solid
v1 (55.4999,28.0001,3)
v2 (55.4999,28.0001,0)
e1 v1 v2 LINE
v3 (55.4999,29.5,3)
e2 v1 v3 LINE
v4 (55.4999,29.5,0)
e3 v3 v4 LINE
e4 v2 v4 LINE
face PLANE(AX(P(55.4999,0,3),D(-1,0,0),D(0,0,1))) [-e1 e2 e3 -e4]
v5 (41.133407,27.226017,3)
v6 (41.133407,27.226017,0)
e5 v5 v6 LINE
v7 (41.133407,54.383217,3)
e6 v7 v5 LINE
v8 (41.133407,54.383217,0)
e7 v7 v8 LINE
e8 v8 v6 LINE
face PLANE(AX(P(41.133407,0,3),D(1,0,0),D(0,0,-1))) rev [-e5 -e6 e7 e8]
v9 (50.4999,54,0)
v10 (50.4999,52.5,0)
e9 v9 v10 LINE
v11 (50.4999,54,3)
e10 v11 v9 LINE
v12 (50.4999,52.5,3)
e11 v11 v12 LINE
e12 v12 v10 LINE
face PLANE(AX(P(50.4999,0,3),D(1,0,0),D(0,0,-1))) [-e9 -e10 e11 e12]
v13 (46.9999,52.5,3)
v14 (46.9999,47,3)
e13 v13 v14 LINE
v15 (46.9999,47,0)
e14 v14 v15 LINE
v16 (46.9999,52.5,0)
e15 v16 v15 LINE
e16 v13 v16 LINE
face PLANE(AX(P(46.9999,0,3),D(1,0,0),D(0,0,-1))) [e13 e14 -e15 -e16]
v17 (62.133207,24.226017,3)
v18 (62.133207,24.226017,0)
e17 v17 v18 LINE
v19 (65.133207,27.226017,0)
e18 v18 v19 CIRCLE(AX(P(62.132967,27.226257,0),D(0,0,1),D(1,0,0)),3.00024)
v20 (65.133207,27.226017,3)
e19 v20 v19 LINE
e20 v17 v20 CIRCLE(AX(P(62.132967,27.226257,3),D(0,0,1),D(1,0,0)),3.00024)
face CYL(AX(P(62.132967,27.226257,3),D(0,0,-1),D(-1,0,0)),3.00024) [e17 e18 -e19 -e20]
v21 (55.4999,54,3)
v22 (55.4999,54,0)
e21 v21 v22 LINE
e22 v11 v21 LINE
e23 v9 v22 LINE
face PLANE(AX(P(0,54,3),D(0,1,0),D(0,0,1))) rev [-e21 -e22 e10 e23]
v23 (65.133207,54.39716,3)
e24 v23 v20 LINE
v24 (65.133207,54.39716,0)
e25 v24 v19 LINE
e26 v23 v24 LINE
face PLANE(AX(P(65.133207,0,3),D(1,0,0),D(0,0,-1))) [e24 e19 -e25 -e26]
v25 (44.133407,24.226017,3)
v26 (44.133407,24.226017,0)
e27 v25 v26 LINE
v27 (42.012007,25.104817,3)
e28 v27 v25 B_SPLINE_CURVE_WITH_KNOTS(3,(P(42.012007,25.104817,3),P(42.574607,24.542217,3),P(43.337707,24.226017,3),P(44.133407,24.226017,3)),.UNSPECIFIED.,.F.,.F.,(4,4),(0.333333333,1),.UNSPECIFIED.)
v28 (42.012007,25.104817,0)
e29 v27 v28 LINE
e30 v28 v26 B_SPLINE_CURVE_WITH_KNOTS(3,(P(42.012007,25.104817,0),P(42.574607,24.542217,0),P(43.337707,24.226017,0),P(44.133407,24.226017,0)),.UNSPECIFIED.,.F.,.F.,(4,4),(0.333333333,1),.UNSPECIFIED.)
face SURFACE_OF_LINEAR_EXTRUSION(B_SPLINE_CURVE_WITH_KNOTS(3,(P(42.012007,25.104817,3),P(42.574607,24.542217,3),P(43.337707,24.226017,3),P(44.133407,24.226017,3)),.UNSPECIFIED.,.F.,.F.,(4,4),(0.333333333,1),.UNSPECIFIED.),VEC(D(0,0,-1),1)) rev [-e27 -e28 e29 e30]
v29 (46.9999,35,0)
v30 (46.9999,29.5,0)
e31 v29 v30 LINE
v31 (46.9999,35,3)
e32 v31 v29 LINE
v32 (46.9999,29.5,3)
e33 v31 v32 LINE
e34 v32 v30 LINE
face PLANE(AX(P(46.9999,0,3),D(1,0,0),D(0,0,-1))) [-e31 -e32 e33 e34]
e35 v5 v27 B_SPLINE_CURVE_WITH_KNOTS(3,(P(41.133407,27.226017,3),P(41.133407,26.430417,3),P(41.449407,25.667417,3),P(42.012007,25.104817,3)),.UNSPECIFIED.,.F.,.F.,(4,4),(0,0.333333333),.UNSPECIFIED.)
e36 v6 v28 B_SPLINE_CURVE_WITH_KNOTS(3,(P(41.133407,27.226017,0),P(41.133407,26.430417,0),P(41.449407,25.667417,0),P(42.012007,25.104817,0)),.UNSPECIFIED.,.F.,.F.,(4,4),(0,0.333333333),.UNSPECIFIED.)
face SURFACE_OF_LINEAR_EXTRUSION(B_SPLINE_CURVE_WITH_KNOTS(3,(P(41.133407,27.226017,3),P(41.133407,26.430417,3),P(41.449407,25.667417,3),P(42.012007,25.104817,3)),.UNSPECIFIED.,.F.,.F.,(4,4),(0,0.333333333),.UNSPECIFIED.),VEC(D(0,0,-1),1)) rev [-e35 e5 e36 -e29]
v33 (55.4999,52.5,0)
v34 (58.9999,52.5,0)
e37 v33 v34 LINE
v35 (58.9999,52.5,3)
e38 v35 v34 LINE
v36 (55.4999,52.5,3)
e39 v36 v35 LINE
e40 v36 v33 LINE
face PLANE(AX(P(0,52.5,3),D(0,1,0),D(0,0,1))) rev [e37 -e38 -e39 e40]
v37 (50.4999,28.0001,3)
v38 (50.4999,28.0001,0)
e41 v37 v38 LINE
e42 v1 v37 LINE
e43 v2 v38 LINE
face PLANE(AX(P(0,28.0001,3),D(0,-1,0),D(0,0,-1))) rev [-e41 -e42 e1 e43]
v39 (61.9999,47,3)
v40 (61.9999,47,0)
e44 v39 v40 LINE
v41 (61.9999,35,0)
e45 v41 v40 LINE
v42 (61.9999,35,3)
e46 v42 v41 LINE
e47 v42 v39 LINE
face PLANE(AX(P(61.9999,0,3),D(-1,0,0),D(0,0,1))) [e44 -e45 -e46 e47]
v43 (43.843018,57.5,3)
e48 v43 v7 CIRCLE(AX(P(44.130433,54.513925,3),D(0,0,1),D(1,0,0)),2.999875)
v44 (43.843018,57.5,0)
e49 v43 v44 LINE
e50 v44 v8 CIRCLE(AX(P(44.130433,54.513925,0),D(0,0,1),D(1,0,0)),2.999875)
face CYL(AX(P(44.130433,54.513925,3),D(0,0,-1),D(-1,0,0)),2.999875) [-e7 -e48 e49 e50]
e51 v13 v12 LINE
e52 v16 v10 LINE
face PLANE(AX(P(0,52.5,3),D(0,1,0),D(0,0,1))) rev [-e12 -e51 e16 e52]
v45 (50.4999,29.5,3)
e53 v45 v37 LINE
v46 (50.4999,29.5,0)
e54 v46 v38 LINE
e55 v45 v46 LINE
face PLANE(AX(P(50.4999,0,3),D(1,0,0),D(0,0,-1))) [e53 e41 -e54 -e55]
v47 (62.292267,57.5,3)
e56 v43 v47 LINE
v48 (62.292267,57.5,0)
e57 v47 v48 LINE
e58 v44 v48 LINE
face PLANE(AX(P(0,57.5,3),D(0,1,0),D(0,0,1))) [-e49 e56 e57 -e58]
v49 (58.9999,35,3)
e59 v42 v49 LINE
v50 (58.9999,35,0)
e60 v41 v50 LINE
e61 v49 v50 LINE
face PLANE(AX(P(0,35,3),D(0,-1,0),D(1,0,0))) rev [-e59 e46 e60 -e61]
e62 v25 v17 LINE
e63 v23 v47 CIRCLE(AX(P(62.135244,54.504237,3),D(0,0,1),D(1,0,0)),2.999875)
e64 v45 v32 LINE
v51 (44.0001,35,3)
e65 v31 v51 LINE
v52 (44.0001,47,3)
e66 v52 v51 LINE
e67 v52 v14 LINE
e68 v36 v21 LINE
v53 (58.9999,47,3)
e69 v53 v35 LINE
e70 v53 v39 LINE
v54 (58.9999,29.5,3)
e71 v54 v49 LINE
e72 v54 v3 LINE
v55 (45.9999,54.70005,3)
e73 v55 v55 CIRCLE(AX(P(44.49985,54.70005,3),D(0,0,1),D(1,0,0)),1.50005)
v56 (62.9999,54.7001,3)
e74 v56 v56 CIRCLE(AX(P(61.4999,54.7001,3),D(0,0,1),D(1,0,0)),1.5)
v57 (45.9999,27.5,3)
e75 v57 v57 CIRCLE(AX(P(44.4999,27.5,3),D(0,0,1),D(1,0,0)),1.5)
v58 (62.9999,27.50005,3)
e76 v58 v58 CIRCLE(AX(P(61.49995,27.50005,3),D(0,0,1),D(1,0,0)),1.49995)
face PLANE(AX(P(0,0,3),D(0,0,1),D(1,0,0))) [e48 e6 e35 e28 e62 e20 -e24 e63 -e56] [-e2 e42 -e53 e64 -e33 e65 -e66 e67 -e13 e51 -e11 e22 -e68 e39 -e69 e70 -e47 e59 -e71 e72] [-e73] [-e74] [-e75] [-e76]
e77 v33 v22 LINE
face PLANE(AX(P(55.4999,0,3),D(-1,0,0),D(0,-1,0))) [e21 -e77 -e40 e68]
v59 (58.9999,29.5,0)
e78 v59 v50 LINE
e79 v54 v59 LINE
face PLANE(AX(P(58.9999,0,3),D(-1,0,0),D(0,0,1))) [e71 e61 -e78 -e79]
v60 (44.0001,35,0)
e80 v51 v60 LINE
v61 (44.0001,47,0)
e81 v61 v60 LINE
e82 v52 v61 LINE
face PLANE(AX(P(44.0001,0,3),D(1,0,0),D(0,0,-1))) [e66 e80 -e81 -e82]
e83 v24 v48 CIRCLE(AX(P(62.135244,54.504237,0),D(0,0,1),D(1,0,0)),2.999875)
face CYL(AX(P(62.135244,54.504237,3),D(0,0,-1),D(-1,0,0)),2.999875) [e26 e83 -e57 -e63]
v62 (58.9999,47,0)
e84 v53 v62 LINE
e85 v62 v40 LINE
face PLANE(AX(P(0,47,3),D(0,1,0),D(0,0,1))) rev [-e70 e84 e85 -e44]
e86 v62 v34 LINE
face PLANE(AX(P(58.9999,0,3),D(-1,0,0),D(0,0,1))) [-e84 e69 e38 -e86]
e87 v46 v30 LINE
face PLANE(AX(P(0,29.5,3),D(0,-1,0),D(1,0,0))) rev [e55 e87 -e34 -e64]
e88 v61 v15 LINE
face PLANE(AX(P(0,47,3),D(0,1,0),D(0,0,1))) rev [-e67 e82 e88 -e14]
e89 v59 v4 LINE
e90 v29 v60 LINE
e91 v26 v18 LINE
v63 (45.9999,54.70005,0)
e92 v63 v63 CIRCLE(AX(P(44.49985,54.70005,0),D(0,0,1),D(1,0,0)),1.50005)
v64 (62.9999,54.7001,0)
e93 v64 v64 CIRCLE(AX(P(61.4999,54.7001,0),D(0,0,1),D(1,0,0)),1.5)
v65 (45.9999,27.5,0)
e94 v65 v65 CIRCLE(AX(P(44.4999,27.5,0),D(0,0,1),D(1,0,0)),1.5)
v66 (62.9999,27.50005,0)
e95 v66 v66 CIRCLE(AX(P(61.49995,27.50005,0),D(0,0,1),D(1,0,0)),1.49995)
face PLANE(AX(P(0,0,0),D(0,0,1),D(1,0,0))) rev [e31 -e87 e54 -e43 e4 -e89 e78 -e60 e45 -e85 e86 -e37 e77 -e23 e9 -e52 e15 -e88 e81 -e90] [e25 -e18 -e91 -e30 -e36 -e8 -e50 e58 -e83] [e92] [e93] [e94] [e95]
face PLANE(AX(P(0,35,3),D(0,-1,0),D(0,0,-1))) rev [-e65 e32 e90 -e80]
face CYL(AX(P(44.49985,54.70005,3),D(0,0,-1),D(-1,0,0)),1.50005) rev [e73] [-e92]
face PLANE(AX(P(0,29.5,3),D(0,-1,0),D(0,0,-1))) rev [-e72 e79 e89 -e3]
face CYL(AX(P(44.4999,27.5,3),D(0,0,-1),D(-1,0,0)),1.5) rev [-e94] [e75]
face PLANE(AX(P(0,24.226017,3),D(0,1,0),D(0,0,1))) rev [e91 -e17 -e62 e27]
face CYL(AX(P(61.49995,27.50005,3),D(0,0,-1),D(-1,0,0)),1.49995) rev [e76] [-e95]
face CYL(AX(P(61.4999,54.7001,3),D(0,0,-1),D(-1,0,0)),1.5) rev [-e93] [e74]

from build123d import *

# Parameters (mm, degrees)
MODEL_R             = 1.500000008
MODEL_R_2           = 1.499950004
MODEL_R_3           = 1.500050014
MODEL_R_4           = 1.500000002
BOSS_EXTRUDE1_DEPTH = 3


with BuildPart() as part:
    # Model → Boss-Extrude1 (new body)
    with BuildSketch(Plane.XY):
        with BuildLine():
            Line((41.133407433, 54.383216824), (41.133407433, 44.212078484))
            Line((41.133407433, 44.212078484), (41.133407433, 27.226016824))
            add(Edge.make_bspline(
                [(41.133407433, 27.226016824), (41.133407433, 26.430416824), (41.449407433, 25.667416824), (42.012007433, 25.104816824)],
                knots=[0, 0, 0, 0, 0.333333333, 0.333333333, 0.333333333, 0.333333333], degree=3))
            add(Edge.make_bspline(
                [(42.012007433, 25.104816824), (42.574607433, 24.542216824), (43.337707433, 24.226016824), (44.133407433, 24.226016824)],
                knots=[0.333333333, 0.333333333, 0.333333333, 0.333333333, 1, 1, 1, 1], degree=3))
            Line((44.133407433, 24.226016824), (62.133207433, 24.226016824))
            ThreePointArc((62.133207433, 24.226016824), (64.254457434, 25.104766823), (65.133207433, 27.226016824))
            Line((65.133207433, 27.226016824), (65.133207433, 44.226016824))
            Line((65.133207433, 44.226016824), (65.133207433, 54.397160398))
            ThreePointArc((65.133207433, 54.397160398), (64.34779637, 56.530036555), (62.292266716, 57.5))
            Line((62.292266716, 57.5), (59.346369656, 57.5))
            Line((59.346369656, 57.5), (47.346484736, 57.5))
            Line((47.346484736, 57.5), (43.843018497, 57.5))
            ThreePointArc((43.843018497, 57.5), (41.866482804, 56.482116631), (41.133407433, 54.383216824))
        make_face()
        with Locations((44.499899992, 27.500000005)):
            Circle(MODEL_R, mode=Mode.SUBTRACT)
        with Locations((61.499949997, 27.500049997)):
            Circle(MODEL_R_2, mode=Mode.SUBTRACT)
        Polygon((50.4999, 52.5), (50.4999, 54), (55.4999, 54), (55.4999, 52.5), (58.9999, 52.5), (58.9999, 47), (61.9999, 47), (61.9999, 35), (58.9999, 35), (58.9999, 29.5), (55.4999, 29.5), (55.4999, 28.0001), (50.4999, 28.0001), (50.4999, 29.5), (46.9999, 29.5), (46.9999, 35), (44.0001, 35), (44.0001, 47), (46.9999, 47), (46.9999, 52.5), align=None, mode=Mode.SUBTRACT)
        with Locations((44.499849987, 54.700050007)):
            Circle(MODEL_R_3, mode=Mode.SUBTRACT)
        with Locations((61.499900002, 54.700099998)):
            Circle(MODEL_R_4, mode=Mode.SUBTRACT)
    extrude(amount=BOSS_EXTRUDE1_DEPTH)


solid = part.part
